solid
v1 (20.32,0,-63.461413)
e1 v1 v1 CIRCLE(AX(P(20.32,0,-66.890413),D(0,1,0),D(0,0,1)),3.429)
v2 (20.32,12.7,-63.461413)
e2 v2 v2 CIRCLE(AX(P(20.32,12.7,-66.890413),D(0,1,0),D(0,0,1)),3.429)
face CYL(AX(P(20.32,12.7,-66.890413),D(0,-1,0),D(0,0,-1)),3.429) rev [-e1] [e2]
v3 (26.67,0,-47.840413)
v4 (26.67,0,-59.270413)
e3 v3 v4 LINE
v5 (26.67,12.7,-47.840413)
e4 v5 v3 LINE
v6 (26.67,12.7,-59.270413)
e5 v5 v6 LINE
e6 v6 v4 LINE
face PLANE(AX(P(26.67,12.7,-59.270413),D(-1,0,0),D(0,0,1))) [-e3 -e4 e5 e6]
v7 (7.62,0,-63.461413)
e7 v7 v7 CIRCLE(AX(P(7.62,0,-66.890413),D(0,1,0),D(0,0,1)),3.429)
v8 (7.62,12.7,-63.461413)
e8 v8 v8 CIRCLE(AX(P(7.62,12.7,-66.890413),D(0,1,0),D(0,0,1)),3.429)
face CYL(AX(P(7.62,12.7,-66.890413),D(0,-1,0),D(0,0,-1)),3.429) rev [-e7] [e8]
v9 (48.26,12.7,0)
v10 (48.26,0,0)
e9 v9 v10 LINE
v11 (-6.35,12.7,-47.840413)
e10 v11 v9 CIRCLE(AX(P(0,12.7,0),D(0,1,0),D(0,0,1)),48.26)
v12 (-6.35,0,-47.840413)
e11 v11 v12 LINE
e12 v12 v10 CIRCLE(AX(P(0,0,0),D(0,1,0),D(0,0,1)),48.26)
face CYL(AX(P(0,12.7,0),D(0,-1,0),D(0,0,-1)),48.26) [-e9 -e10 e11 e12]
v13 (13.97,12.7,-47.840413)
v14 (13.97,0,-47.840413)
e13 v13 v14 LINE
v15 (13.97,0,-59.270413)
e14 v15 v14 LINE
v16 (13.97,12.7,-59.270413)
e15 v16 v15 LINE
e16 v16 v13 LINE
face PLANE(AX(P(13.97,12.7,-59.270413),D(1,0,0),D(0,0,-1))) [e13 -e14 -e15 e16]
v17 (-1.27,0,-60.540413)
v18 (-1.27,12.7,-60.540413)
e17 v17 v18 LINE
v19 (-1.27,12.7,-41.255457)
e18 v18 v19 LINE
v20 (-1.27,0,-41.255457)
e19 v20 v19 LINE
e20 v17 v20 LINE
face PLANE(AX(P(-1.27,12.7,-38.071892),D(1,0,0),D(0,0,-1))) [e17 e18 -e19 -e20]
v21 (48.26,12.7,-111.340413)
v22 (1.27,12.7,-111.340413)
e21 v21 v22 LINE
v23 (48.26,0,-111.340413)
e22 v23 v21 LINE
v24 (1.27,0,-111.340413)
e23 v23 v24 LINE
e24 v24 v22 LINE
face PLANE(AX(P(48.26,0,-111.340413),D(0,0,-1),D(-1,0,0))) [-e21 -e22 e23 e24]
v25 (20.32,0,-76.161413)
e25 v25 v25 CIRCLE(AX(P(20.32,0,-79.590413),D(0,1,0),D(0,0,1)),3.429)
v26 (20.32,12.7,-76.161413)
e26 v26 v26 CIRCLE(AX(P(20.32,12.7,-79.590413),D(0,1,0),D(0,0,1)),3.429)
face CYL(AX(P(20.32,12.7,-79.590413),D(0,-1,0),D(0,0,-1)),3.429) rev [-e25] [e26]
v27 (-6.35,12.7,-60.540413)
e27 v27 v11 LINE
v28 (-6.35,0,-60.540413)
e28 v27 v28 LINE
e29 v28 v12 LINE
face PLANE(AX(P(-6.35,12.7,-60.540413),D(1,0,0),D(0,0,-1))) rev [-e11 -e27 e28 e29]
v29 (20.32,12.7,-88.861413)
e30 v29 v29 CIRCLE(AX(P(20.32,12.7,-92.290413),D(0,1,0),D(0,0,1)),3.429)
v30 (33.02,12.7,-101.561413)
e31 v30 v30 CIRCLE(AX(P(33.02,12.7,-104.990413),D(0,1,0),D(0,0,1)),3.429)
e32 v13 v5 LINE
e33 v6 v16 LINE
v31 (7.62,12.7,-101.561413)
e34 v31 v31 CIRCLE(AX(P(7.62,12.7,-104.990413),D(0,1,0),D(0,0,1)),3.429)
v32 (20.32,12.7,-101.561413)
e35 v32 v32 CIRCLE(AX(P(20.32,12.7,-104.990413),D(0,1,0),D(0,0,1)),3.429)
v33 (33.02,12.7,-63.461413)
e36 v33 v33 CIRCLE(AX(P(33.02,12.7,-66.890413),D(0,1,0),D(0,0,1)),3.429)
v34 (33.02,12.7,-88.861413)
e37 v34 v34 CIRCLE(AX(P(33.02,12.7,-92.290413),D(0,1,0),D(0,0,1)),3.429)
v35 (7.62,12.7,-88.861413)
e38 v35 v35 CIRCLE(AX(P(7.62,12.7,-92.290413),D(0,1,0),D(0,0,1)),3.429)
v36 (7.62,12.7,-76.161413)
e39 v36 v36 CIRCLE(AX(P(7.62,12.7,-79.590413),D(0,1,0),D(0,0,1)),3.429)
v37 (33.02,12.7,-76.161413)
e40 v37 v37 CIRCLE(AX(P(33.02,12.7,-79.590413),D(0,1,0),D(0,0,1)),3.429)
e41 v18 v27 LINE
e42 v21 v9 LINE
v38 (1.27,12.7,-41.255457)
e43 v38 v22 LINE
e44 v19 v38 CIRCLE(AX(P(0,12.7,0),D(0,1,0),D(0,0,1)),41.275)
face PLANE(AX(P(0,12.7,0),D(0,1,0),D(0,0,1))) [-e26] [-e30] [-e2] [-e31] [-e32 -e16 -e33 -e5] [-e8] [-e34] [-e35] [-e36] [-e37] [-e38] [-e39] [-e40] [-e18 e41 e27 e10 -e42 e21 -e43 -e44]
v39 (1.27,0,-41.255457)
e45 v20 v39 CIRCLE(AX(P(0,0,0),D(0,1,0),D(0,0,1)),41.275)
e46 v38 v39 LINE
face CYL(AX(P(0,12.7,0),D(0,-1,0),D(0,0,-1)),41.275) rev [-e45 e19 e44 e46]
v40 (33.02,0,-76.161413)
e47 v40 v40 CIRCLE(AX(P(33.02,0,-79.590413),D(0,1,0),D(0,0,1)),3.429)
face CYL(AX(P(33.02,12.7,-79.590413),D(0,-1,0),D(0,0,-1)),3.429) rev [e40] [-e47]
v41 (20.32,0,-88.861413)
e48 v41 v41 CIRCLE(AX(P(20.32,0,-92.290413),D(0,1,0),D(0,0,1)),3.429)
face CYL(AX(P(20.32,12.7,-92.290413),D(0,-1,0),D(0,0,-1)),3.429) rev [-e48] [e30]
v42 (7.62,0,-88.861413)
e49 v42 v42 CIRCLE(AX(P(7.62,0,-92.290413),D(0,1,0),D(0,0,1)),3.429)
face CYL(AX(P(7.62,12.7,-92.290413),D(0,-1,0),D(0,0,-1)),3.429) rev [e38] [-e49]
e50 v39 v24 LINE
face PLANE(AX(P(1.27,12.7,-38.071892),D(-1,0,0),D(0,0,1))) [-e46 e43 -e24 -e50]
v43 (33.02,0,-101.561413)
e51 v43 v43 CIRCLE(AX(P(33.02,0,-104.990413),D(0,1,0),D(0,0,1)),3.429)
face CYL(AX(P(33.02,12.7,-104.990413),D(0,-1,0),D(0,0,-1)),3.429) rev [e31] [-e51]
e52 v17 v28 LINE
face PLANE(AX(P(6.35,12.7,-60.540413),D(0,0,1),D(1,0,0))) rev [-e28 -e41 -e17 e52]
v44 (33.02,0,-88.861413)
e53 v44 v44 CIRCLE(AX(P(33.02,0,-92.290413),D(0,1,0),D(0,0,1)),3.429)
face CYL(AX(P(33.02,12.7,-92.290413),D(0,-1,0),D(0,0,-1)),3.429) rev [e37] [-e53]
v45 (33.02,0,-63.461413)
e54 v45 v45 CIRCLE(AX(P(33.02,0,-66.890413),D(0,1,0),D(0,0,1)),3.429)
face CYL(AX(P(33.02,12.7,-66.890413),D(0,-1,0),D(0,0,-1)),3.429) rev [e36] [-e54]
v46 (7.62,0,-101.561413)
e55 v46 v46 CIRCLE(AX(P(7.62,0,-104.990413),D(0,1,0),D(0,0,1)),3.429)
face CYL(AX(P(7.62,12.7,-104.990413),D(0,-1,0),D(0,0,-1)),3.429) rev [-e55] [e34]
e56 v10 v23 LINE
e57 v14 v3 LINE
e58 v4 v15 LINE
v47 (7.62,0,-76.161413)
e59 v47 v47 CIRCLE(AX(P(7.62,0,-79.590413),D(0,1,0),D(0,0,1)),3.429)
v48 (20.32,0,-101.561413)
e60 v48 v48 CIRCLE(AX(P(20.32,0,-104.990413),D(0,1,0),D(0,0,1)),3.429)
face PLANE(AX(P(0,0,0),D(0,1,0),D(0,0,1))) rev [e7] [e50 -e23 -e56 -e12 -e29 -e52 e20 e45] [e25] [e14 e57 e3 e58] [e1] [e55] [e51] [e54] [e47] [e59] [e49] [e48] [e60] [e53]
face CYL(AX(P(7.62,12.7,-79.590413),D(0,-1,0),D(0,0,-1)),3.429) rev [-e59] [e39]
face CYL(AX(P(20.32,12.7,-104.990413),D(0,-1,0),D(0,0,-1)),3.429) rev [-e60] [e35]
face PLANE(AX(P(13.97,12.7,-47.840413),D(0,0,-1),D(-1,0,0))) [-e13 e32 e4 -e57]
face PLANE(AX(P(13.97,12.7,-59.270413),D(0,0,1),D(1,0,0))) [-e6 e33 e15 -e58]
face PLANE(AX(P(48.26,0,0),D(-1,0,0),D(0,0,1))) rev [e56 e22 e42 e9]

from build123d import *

# Parameters (mm, degrees)
SKETCH1_R           = 48.26
SKETCH1_R_2         = 41.275
BOSS_EXTRUDE1_DEPTH = 12.7
SKETCH2_W           = 12.7
SKETCH2_H           = 12.7
BOSS_EXTRUDE2_DEPTH = 12.7
SKETCH4_W           = 2.54
SKETCH4_H           = 44.098902666
CUT_EXTRUDE2_DEPTH  = 79.456734484
BOSS_EXTRUDE3_REACH = 128.717
BOSS_EXTRUDE3_START = 48.26
SKETCH5_W           = 60.540412833
SKETCH5_H           = 12.7
SKETCH6_W           = 46.99
SKETCH6_H           = 50.8
BOSS_EXTRUDE4_DEPTH = 12.7
SKETCH7_R           = 3.429
SKETCH7_W           = 12.7
SKETCH7_H           = 11.43
CUT_EXTRUDE3_DEPTH  = 123.012315484


with BuildPart() as part:
    # Sketch1 → Boss-Extrude1 (new body)
    with BuildSketch(Plane(origin=(0, 0, 0), x_dir=(1, 0, 0), z_dir=(0, 1, 0))):
        with Locations(Location((0, 0, 0), (0, 0, 270))):
            Circle(SKETCH1_R)
        with Locations(Location((0, 0, 0), (0, 0, 270))):
            Circle(SKETCH1_R_2, mode=Mode.SUBTRACT)
    extrude(amount=BOSS_EXTRUDE1_DEPTH)

    # Sketch2 → Boss-Extrude2 (add)
    with BuildSketch(Plane(origin=(0, 0, 0), x_dir=(1, 0, 0), z_dir=(0, 1, 0))):
        with Locations((0, 54.190412833)):
            Rectangle(SKETCH2_W, SKETCH2_H)
    extrude(amount=BOSS_EXTRUDE2_DEPTH)

    # Sketch4 → Cut-Extrude2 (cut, through all)
    with BuildSketch(Plane(origin=(0, 0, 0), x_dir=(1, 0, 0), z_dir=(0, 1, 0))):
        with Locations((0, 60.121342859)):
            Rectangle(SKETCH4_W, SKETCH4_H)
    extrude(amount=CUT_EXTRUDE2_DEPTH, mode=Mode.SUBTRACT)

    # Sketch5 → Boss-Extrude3 (add, up to next)
    with BuildSketch(Plane(origin=(0, 0, 0), x_dir=(0, 0, -1), z_dir=(1, 0, 0)).offset(BOSS_EXTRUDE3_START), mode=Mode.PRIVATE) as boss_extrude3_sk1:
        with Locations((30.270206417, 6.35)):
            Rectangle(SKETCH5_W, SKETCH5_H)
    boss_extrude3_tool1 = extrude(boss_extrude3_sk1.sketch, amount=-BOSS_EXTRUDE3_REACH, mode=Mode.PRIVATE) - part.part
    add(boss_extrude3_tool1.solids().sort_by_distance((48.26, 6.35, -30.270206))[0])

    # Sketch6 → Boss-Extrude4 (add)
    with BuildSketch(Plane(origin=(0, 12.7, 0), x_dir=(1, 0, 0), z_dir=(0, 1, 0))):
        with Locations((24.765, 85.940412833)):
            Rectangle(SKETCH6_W, SKETCH6_H)
    extrude(amount=-BOSS_EXTRUDE4_DEPTH)

    # Sketch7 → Cut-Extrude3 (cut, through all)
    with BuildSketch(Plane(origin=(0, 0, 0), x_dir=(1, 0, 0), z_dir=(0, 1, 0))):
        with Locations(Location((7.62, 104.990412833, 0), (0, 0, 270))):
            Circle(SKETCH7_R)
        with Locations(Location((20.32, 104.990412833, 0), (0, 0, 270))):
            Circle(SKETCH7_R)
        with Locations(Location((20.32, 92.290412833, 0), (0, 0, 270))):
            Circle(SKETCH7_R)
        with Locations(Location((7.62, 92.290412833, 0), (0, 0, 270))):
            Circle(SKETCH7_R)
        with Locations(Location((7.62, 79.590412833, 0), (0, 0, 270))):
            Circle(SKETCH7_R)
        with Locations(Location((20.32, 79.590412833, 0), (0, 0, 270))):
            Circle(SKETCH7_R)
        with Locations(Location((7.62, 66.890412833, 0), (0, 0, 270))):
            Circle(SKETCH7_R)
        with Locations(Location((20.32, 66.890412833, 0), (0, 0, 270))):
            Circle(SKETCH7_R)
        with Locations(Location((33.02, 104.990412833, 0), (0, 0, 270))):
            Circle(SKETCH7_R)
        with Locations(Location((33.02, 92.290412833, 0), (0, 0, 270))):
            Circle(SKETCH7_R)
        with Locations(Location((33.02, 79.590412833, 0), (0, 0, 270))):
            Circle(SKETCH7_R)
        with Locations(Location((33.02, 66.890412833, 0), (0, 0, 270))):
            Circle(SKETCH7_R)
        with Locations((20.32, 53.555412833)):
            Rectangle(SKETCH7_W, SKETCH7_H)
    extrude(amount=CUT_EXTRUDE3_DEPTH, mode=Mode.SUBTRACT)


solid = part.part
